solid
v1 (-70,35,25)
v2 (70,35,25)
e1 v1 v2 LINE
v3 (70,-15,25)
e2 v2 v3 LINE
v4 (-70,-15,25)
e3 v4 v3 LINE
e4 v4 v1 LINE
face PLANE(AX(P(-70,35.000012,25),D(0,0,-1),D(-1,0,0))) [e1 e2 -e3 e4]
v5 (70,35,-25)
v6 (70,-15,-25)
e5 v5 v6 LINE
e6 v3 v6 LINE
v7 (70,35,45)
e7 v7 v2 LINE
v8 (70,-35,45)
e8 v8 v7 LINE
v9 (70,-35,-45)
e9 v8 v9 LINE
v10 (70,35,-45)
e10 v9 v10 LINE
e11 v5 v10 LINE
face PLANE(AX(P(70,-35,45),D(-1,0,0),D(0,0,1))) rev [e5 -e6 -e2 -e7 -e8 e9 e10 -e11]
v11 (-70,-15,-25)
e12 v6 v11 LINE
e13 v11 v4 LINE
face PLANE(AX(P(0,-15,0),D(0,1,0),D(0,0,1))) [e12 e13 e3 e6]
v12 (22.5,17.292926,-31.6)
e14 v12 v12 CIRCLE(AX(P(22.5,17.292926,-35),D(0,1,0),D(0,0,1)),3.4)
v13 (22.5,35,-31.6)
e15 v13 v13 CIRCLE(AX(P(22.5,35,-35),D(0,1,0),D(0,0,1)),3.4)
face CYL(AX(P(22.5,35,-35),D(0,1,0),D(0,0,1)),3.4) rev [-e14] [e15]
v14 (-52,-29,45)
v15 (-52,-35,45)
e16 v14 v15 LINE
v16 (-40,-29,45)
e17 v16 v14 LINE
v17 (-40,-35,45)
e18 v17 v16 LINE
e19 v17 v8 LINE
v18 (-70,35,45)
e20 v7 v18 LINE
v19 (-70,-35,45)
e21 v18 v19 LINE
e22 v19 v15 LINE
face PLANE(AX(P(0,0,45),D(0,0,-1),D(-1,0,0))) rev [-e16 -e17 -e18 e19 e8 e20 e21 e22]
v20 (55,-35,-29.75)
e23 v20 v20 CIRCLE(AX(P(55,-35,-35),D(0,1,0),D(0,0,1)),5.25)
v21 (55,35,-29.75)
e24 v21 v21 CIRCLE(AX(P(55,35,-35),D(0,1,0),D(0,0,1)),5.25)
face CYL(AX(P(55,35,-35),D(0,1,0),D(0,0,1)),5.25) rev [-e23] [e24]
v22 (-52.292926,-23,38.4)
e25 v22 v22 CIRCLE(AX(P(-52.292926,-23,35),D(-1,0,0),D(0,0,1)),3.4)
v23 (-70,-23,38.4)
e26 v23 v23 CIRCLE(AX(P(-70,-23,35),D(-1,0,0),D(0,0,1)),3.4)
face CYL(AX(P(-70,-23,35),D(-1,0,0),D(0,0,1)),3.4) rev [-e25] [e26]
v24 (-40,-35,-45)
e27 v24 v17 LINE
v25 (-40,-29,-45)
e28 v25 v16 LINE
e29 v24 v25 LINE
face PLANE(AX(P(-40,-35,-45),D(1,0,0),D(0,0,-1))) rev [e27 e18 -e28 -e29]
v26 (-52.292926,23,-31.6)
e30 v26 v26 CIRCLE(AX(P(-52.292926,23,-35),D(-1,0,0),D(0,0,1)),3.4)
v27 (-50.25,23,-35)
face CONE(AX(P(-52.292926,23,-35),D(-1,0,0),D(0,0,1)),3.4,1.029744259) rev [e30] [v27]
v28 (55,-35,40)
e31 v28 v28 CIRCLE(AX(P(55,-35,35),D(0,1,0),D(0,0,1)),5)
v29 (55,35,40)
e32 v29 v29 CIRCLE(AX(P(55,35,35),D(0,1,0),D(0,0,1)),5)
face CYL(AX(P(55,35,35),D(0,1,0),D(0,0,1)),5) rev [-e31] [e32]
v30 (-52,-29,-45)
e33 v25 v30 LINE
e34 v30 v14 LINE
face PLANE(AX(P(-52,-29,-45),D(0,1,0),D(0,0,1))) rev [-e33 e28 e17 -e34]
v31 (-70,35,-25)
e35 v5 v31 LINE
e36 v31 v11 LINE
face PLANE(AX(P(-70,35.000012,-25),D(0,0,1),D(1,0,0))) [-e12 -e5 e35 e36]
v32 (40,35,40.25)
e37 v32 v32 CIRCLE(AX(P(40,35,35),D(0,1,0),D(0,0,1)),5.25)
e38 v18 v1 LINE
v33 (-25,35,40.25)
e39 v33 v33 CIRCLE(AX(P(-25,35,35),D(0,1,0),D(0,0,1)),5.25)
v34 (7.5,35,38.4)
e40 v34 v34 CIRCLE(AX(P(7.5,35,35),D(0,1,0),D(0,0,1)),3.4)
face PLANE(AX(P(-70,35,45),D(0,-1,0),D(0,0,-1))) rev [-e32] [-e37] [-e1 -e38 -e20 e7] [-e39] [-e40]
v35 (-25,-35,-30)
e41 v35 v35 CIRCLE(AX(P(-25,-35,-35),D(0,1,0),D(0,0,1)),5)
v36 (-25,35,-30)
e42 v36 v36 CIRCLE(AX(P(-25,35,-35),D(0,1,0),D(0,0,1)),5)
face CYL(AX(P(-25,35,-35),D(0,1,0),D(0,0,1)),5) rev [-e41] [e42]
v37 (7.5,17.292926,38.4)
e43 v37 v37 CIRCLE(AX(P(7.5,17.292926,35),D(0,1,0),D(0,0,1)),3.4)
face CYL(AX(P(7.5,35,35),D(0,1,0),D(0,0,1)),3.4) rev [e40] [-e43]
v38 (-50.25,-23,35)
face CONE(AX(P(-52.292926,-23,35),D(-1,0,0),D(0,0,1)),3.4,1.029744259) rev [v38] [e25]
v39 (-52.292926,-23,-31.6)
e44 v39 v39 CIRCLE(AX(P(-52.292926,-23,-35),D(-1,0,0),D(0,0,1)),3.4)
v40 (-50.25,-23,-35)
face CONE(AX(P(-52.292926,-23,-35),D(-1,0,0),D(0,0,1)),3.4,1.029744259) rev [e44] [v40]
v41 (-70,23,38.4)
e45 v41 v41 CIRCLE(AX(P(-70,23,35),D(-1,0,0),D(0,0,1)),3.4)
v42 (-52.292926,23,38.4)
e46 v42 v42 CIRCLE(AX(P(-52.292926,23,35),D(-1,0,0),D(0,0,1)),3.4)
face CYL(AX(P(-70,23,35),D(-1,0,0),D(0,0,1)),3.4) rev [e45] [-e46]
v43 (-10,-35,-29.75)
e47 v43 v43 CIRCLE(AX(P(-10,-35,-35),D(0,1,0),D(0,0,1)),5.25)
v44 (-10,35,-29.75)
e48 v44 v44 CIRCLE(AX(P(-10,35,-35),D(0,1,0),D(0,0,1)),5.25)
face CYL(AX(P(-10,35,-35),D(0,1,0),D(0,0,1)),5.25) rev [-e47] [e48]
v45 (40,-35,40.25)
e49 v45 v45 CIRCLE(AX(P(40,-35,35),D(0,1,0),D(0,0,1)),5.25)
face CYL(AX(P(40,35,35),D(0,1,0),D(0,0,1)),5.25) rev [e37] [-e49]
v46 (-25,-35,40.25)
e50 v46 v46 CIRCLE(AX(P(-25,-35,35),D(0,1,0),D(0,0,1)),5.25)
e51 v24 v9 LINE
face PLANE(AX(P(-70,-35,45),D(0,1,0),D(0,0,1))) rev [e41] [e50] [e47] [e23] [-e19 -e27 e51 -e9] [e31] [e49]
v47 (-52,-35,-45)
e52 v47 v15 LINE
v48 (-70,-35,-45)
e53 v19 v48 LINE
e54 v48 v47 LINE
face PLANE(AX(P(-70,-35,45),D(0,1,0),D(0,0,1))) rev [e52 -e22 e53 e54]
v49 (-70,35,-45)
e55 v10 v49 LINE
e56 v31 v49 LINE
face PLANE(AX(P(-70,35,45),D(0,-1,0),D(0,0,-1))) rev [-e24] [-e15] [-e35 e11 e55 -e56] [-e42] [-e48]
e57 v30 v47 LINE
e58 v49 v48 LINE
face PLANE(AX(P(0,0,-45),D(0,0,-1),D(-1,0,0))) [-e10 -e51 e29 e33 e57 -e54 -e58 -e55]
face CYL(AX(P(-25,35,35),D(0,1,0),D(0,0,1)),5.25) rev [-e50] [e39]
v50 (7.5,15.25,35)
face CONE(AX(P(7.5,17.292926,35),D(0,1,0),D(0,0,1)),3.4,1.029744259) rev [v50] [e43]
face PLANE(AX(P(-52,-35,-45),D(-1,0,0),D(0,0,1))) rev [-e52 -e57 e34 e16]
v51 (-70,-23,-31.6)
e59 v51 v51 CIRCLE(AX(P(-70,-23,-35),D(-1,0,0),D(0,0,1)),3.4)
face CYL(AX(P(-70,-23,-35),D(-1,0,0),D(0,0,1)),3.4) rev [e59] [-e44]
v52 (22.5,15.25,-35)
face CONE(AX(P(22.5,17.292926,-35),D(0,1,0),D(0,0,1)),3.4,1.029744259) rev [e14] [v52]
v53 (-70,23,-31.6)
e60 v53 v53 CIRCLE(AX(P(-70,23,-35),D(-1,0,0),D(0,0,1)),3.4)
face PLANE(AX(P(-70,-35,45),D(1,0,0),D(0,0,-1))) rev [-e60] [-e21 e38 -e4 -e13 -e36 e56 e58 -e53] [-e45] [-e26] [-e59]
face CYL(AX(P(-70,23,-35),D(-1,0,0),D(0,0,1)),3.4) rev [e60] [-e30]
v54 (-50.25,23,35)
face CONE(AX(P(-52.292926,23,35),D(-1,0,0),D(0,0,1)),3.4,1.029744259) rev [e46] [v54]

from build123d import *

# Parameters (mm, degrees)
SKETCH1_W               = 140
SKETCH1_H               = 70
BOSS_EXTRUDE1_DEPTH     = 45
CUT_EXTRUDE1_DEPTH      = 109.742815855
CUT_EXTRUDE1_DEPTH_BACK = 50
SKETCH2_W               = 140
SKETCH2_H               = 50
M10_CLEARANCE_HOLE1_D   = 10.5
CUT_EXTRUDE2_DEPTH      = 91.277350426
CUT_EXTRUDE2_DEPTH_BACK = 91.277350426
SKETCH9_W               = 12
SKETCH9_H               = 6
F_10_0MM_DOWEL_HOLE1_D  = 10
M8_TAPPED_HOLE1_D       = 6.8
M8_TAPPED_HOLE1_DEPTH   = 17.707073895
M8_TAPPED_HOLE1_TIP     = 2.042926105
M8_TAPPED_HOLE2_D       = 6.8
M8_TAPPED_HOLE2_DEPTH   = 17.707073895
M8_TAPPED_HOLE2_TIP     = 2.042926105


with BuildPart() as part:
    # Sketch1 → Boss-Extrude1 (new, symmetric)
    with BuildSketch(Plane.XY):
        Rectangle(SKETCH1_W, SKETCH1_H)
    extrude(amount=BOSS_EXTRUDE1_DEPTH, both=True)

    # Sketch2 → Cut-Extrude1 (cut, two sides: drawn at the far end of the back side and taken through both)
    with BuildSketch(Plane(origin=(0, 35, 0), x_dir=(1, 0, 0), z_dir=(0, 1, 0)).offset(-CUT_EXTRUDE1_DEPTH_BACK)):
        Rectangle(SKETCH2_W, SKETCH2_H)
    extrude(amount=CUT_EXTRUDE1_DEPTH + CUT_EXTRUDE1_DEPTH_BACK, mode=Mode.SUBTRACT)

    # M10 Clearance Hole1 (through all)
    with Locations(Plane(origin=(0, 35, 0), x_dir=(1, 0, 0), z_dir=(0, 1, 0))):
        with Locations((55, 35), (40, -35), (-25, -35), (-10, 35)):
            Hole(M10_CLEARANCE_HOLE1_D / 2)

    # Sketch9 → Cut-Extrude2 (cut, two sides: drawn at the far end of the back side and taken through both)
    with BuildSketch(Plane.XY.offset(-CUT_EXTRUDE2_DEPTH_BACK)):
        with Locations((-46, -32)):
            Rectangle(SKETCH9_W, SKETCH9_H)
    extrude(amount=CUT_EXTRUDE2_DEPTH + CUT_EXTRUDE2_DEPTH_BACK, mode=Mode.SUBTRACT)

    # Ø10.0mm Dowel Hole1 (through all)
    with Locations(Plane(origin=(0, 35, 0), x_dir=(1, 0, 0), z_dir=(0, 1, 0))):
        with Locations((55, -35), (-25, 35)):
            Hole(F_10_0MM_DOWEL_HOLE1_D / 2)

    # M8 Tapped Hole1
    with Locations(Plane(origin=(0, 35, 0), x_dir=(1, 0, 0), z_dir=(0, 1, 0))):
        with Locations((22.5, 35), (7.5, -35)):
            Hole(M8_TAPPED_HOLE1_D / 2, depth=M8_TAPPED_HOLE1_DEPTH)
            with Locations((0, 0, -(M8_TAPPED_HOLE1_DEPTH + M8_TAPPED_HOLE1_TIP / 2))):  # 118° drill point
                Cone(0, M8_TAPPED_HOLE1_D / 2, M8_TAPPED_HOLE1_TIP, mode=Mode.SUBTRACT)

    # M8 Tapped Hole2
    with Locations(Plane.ZY.offset(70)):
        with Locations((-35, 23), (-35, -23), (35, 23), (35, -23)):
            Hole(M8_TAPPED_HOLE2_D / 2, depth=M8_TAPPED_HOLE2_DEPTH)
            with Locations((0, 0, -(M8_TAPPED_HOLE2_DEPTH + M8_TAPPED_HOLE2_TIP / 2))):  # 118° drill point
                Cone(0, M8_TAPPED_HOLE2_D / 2, M8_TAPPED_HOLE2_TIP, mode=Mode.SUBTRACT)


solid = part.part
